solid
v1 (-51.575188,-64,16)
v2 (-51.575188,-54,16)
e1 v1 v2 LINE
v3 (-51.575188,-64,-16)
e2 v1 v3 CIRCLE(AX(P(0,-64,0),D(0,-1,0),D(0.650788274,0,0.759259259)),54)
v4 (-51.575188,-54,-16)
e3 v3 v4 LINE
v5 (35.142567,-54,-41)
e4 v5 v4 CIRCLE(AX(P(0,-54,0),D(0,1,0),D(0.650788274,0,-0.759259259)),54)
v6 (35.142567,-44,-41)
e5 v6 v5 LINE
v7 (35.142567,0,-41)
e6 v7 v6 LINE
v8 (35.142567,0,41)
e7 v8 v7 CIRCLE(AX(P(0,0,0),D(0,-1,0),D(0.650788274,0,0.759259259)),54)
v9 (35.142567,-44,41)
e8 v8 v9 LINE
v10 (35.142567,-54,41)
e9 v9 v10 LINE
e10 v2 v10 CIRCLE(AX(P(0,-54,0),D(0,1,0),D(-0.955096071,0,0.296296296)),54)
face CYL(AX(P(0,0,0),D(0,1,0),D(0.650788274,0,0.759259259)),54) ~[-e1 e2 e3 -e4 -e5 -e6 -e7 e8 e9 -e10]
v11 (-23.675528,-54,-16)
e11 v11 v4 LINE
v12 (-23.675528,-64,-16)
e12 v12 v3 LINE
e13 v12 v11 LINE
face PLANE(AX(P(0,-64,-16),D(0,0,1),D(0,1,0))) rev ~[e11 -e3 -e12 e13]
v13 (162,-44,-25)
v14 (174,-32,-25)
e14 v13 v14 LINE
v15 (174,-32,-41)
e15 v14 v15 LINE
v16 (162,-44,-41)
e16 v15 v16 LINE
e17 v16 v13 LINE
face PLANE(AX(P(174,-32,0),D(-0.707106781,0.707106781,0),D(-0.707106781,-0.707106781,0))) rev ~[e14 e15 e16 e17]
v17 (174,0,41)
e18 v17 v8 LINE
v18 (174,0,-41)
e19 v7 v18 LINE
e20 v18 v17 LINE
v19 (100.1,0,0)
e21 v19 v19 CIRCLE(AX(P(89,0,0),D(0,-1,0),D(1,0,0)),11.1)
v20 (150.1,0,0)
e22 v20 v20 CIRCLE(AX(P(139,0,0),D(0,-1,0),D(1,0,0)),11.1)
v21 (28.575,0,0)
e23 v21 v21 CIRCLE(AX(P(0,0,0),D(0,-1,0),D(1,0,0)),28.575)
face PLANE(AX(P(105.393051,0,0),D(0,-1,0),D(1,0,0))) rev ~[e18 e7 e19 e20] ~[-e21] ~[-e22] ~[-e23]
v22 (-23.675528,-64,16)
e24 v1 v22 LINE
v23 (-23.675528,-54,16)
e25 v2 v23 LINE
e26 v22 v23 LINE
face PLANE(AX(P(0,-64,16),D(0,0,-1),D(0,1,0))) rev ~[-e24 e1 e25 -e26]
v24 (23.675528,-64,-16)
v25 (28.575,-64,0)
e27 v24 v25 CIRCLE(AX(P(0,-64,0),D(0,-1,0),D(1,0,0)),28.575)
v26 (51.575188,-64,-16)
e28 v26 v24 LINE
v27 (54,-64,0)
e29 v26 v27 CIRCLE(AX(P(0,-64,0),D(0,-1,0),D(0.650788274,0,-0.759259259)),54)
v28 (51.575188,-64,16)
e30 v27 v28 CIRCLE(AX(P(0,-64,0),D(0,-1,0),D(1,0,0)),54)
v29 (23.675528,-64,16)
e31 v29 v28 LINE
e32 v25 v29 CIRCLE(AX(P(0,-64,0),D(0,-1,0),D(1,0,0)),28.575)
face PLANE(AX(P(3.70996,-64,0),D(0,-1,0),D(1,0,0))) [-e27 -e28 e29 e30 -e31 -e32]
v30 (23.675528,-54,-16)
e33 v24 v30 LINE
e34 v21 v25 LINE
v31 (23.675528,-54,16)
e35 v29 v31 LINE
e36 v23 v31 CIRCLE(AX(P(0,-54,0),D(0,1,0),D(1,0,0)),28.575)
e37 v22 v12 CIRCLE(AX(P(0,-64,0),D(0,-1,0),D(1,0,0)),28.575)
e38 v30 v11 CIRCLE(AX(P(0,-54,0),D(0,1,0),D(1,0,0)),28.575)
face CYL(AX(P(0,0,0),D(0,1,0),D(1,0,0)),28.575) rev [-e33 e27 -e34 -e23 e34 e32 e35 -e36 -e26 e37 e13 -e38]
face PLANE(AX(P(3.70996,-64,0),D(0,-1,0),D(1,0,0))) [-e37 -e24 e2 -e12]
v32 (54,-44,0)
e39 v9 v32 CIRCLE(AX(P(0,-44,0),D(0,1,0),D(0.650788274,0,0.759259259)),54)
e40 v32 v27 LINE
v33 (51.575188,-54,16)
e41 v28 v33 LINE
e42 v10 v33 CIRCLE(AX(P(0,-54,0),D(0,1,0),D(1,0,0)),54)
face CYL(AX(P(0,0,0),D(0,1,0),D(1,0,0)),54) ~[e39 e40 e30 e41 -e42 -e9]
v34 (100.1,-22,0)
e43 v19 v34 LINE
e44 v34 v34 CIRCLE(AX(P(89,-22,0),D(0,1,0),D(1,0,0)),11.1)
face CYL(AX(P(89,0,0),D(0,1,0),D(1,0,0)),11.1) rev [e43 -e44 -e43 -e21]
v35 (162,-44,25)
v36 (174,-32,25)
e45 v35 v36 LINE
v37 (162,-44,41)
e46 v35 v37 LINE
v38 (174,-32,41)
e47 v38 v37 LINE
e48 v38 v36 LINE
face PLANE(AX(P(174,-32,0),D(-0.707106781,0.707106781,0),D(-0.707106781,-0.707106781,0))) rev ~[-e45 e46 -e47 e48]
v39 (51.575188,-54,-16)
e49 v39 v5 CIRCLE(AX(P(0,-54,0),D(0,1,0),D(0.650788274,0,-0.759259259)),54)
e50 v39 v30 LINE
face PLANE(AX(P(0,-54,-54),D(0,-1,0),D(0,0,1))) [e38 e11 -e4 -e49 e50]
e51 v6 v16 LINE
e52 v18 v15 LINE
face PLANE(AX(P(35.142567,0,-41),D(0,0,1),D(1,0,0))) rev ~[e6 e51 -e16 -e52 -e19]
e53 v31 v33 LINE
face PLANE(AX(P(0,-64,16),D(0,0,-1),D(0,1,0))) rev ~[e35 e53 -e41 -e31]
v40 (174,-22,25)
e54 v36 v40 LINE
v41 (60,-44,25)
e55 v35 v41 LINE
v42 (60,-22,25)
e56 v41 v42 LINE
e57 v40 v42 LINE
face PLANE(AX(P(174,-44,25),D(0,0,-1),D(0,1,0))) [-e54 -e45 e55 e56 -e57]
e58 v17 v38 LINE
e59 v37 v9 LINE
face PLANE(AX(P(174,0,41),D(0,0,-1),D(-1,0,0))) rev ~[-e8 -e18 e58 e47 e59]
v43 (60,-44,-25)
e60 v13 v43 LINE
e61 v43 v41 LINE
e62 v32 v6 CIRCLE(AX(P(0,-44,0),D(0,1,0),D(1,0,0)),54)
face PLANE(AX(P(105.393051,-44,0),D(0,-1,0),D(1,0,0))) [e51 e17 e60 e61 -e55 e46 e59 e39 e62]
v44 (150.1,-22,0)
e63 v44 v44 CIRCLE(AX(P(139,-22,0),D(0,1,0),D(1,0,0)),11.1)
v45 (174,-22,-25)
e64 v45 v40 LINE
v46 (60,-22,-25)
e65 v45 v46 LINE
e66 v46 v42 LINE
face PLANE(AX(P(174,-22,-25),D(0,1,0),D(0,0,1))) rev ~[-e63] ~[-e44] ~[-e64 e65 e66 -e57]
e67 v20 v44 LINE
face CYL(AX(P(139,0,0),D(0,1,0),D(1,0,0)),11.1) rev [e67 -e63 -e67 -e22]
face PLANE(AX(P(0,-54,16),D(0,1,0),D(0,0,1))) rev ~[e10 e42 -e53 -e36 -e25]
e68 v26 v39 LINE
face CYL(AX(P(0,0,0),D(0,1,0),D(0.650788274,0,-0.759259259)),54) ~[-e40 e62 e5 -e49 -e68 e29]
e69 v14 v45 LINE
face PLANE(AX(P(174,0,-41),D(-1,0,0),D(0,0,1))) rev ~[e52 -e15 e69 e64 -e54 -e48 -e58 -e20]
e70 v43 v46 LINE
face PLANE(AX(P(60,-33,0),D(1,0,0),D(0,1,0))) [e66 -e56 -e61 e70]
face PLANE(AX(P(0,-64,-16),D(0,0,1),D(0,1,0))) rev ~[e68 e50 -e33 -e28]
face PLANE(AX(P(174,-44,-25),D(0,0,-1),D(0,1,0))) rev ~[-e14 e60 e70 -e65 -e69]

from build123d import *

# Parameters (mm, degrees)
F0_R     = 28.575
F1_DEPTH = 64
F0_R_2   = 11.1
F2_DEPTH = 44
F3_W     = 10
F3_H     = 38
F4_DEPTH = 54
F6_W     = 22
F6_H     = 50
F7_DEPTH = 114
F9_DEPTH = 41


with BuildPart() as f1:
    # F0 (on Front) → F1 (new body)
    with BuildSketch(Plane.XZ):
        with BuildLine():
            ThreePointArc((35.1425667816, -41), (49.0596504584, -22.5643678594), (54, 0))
            ThreePointArc((54, 0), (49.0596504584, 22.5643678594), (35.1425667816, 41))
            ThreePointArc((35.1425667816, 41), (-54, 0), (35.1425667816, -41))
        make_face()
        Circle(F0_R, mode=Mode.SUBTRACT)
    extrude(amount=F1_DEPTH)

    # F0 (on Front) → F2 (join)
    with BuildSketch(Plane.XZ):
        with BuildLine():
            ThreePointArc((35.1425667816, 41), (49.0596504584, 22.5643678594), (54, 0))
            ThreePointArc((54, 0), (49.0596504584, -22.5643678594), (35.1425667816, -41))
            Line((35.1425667816, -41), (174, -41))
            Line((174, -41), (174, 41))
            Line((174, 41), (35.1425667816, 41))
        make_face()
        with Locations((89, 0)):
            Circle(F0_R_2, mode=Mode.SUBTRACT)
        with Locations((139, 0)):
            Circle(F0_R_2, mode=Mode.SUBTRACT)
    extrude(amount=F2_DEPTH)

    # F3 (on Right) → F4 (cut, symmetric)
    with BuildSketch(Plane.YZ):
        with Locations((-59, -35)):
            Rectangle(F3_W, F3_H)
        with Locations((-59, 35)):
            Rectangle(F3_W, F3_H)
    extrude(amount=F4_DEPTH, both=True, mode=Mode.SUBTRACT)

    # F6 (on offset) → F7 (cut)
    with BuildSketch(Plane.YZ.offset(174)):
        with Locations((-33, 0)):
            Rectangle(F6_W, F6_H)
    extrude(amount=-F7_DEPTH, mode=Mode.SUBTRACT)

    # F8 (on Top) → F9 (cut, symmetric)
    with BuildSketch(Plane.XY):
        Polygon((174, -32), (162, -44), (174, -44), align=None)
    extrude(amount=F9_DEPTH, both=True, mode=Mode.SUBTRACT)


solid = f1.part
